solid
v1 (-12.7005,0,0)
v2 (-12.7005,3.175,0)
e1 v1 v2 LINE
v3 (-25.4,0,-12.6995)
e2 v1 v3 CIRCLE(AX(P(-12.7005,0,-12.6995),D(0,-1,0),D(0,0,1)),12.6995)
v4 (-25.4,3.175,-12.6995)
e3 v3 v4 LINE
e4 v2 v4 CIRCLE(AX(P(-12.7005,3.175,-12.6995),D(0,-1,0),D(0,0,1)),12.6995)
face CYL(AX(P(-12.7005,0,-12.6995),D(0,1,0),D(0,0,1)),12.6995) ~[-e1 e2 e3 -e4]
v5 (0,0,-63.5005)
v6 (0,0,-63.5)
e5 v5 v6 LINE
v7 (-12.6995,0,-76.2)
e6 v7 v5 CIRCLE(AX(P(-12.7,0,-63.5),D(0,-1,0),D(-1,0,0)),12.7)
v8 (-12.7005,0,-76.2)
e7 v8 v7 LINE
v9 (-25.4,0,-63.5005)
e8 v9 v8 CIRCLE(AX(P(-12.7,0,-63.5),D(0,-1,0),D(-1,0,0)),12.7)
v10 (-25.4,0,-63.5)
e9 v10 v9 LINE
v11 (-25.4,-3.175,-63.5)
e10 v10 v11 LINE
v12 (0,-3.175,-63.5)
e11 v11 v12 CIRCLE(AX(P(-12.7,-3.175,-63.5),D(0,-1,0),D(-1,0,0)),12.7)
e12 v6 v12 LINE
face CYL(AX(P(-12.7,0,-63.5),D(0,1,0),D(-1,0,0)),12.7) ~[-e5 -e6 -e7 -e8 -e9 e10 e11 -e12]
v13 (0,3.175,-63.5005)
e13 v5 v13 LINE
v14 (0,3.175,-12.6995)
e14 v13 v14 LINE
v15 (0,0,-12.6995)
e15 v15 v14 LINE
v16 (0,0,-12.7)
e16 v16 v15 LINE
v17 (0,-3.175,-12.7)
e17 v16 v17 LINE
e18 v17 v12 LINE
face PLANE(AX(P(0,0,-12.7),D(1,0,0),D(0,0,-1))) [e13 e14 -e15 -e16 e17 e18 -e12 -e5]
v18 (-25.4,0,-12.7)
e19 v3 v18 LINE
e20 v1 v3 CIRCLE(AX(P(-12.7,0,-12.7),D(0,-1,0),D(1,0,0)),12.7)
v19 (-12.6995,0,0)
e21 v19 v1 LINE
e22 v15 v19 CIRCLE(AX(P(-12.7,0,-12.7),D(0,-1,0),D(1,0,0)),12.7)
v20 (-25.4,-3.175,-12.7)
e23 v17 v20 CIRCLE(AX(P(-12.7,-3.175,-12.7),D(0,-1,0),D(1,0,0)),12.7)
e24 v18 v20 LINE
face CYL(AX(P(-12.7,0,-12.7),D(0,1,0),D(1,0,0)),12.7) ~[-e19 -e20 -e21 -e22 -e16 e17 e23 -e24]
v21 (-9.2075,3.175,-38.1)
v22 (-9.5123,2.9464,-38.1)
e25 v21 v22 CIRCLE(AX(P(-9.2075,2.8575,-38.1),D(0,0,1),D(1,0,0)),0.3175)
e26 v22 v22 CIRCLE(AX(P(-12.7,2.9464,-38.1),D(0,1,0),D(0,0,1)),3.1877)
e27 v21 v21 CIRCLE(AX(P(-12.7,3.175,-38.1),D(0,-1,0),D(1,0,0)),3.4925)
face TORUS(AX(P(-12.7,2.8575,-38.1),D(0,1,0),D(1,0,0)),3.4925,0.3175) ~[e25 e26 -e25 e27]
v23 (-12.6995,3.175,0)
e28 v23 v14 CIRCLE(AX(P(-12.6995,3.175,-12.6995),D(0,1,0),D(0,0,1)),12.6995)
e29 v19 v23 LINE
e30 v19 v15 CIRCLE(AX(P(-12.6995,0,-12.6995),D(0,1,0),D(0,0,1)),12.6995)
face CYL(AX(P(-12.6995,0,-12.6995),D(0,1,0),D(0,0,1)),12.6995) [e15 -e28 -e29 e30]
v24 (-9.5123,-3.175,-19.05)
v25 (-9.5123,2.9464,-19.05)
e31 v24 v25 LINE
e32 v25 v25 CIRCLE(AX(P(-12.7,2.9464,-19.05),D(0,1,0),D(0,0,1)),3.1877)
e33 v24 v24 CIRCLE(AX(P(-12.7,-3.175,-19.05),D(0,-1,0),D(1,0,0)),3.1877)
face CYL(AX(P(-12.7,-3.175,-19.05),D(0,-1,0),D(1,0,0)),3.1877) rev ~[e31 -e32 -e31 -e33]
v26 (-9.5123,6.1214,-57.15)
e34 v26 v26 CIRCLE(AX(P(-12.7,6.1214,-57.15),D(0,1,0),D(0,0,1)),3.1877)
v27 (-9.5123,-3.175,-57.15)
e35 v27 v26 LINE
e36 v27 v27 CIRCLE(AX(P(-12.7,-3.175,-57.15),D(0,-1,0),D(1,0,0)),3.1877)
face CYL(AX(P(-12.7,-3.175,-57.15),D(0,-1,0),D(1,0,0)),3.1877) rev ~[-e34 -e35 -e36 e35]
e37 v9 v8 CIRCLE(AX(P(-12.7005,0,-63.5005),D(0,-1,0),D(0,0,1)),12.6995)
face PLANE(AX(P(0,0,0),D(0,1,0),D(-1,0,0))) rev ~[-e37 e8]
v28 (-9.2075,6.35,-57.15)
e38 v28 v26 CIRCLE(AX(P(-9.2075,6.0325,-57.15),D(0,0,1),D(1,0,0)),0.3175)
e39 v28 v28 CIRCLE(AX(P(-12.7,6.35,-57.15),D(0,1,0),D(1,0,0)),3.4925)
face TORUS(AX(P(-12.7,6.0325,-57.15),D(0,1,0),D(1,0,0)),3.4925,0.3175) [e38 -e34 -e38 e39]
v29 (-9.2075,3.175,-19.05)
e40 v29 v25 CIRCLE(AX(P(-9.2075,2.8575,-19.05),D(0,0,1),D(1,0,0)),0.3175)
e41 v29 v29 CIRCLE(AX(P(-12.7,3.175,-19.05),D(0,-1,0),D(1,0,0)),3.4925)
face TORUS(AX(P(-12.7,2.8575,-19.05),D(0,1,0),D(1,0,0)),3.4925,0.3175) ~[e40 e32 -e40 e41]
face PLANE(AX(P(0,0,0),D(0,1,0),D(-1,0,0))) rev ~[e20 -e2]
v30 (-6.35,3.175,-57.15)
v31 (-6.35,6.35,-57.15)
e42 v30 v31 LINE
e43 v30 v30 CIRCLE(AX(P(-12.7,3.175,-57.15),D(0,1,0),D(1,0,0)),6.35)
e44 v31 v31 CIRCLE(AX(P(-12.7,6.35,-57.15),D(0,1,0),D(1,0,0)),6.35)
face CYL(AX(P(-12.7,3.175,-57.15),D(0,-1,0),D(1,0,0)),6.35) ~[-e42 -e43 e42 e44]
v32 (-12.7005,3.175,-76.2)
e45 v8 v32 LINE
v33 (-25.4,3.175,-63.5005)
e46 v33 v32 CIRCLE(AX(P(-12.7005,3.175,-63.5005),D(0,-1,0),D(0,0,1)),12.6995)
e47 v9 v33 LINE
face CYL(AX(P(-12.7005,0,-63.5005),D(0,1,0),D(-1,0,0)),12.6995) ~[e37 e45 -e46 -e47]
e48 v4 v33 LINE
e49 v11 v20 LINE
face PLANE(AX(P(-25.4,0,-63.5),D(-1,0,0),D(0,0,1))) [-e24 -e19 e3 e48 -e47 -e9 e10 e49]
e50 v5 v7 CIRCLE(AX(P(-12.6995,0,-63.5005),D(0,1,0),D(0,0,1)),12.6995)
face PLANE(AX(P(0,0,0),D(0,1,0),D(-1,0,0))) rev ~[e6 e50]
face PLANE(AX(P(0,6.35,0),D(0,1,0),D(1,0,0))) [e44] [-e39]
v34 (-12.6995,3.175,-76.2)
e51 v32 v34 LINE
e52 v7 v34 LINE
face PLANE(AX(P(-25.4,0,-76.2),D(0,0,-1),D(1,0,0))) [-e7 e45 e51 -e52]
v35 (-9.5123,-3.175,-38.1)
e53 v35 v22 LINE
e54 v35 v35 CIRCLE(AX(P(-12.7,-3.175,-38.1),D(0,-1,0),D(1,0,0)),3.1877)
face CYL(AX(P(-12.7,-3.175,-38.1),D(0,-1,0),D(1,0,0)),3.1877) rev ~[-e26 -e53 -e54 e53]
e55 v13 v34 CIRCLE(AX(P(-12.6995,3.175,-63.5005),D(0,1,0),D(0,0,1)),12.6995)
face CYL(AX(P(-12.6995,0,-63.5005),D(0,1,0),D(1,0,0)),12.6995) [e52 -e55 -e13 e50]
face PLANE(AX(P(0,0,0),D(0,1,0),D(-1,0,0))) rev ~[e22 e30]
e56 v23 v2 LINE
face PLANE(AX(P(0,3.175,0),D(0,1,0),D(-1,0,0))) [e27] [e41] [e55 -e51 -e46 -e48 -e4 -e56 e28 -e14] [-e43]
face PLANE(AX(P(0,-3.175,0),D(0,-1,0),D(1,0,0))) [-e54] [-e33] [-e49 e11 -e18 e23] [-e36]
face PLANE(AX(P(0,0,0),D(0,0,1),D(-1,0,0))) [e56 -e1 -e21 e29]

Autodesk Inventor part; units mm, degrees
ref_plane "YZ Plane" through (0, 0, 0) normal (1, 0, 0) x (0, 1, 0)
ref_plane "XZ Plane" through (0, 0, 0) normal (0, 1, 0) x (-1, 0, 0)
ref_plane "XY Plane" through (0, 0, 0) normal (0, 0, 1) x (1, 0, 0)
sketch "Sketch1" plane through (0, 0, 0) normal (0, 1, 0) x (-1, 0, 0)
  line L0 (0, 0) -> (25.4, 0)
  line L1 (25.4, 0) -> (25.4, -76.2)
  line L2 (25.4, -76.2) -> (0, -76.2)
  line L3 (0, -76.2) -> (0, 0)
  dimension "d0" = 25.4
  dimension "d1" = 76.2
extrude "Extrusion1" add sketch "Sketch1" along normal blind 3.175
sketch "Sketch2" plane through (0, 3.175, 0) normal (0, 1, 0) x (1, 0, 0)
  line L0 (-25.4, 76.2) -> (-25.4, 0) projected
  line L1 (0, 76.2) -> (-25.4, 76.2) projected
  line L2 (-25.4, 0) -> (0, 76.2)
  line L3 (0, 76.2) -> (-25.4, 76.2)
  line L4 (-25.4, 76.2) -> (0, 0)
  line L5 (0, 0) -> (-12.7, 38.1)
  line L6 (-25.4, 0) -> (0, 0) projected
  line L7 (-12.7, 0) -> (-12.7, 76.2)
  circle A0 centre (-12.7, 38.1) radius 3.175
  line L8 (-12.7, 38.1) -> (-12.7, 0)
  circle A1 centre (-12.7, 19.05) radius 3.175
  line L9 (-12.7, 38.1) -> (-12.7, 76.2)
  circle A2 centre (-12.7, 57.15) radius 3.175
  dimension "d4" = 6.35
  dimension "d5" = 6.35
  dimension "d6" = 6.35
extrude "Extrusion2" cut sketch "Sketch2" against normal blind 3.175 contours A0 L7 L4 | L4 L2 A0 | L2 L7 A0 | A2 L7 | L7 A2 | L7 A0 L2 | L2 A0 L4 | L4 A0 L7 | A1 L7 | L7 A1
fillet "Fillet1" radius 12.7 4 edges at (0, 1.5875, 0) (-25.4, 1.5875, 0) (0, 1.5875, -76.2) (-25.4, 1.5875, -76.2)
fillet "Fillet2" radius 0.3175 3 edges at (-15.875, 3.175, -57.15) (-15.875, 3.175, -38.1) (-15.875, 3.175, -19.05)
sketch "Sketch3" plane through (0, 3.175, 0) normal (0, 1, 0) x (1, 0, 0)
  circle A0 centre (-12.7, 57.15) radius 3.175 projected
  circle A1 centre (-12.7, 57.15) radius 6.35
  point P0 (0, 0)
  dimension "d11" = 12.7
extrude "Extrusion3" add sketch "Sketch3" along normal blind 3.175
sketch "Sketch4" plane through (-12.7, 6.35, -57.15) normal (0, 1, 0) x (1, 0, 0)
  circle A0 centre (0, 0) radius 6.35 projected
  circle A1 centre (0, 0) radius 3.175 projected
  point P0 (12.7, -57.15)
extrude "Extrusion4" add sketch "Sketch4" against normal through all
fillet "Fillet3" radius 0.3175 1 edges at (-15.875, 6.35, -57.15)
sketch "Sketch5" plane through (0, 0, 0) normal (0, -1, 0) x (1, 0, 0)
  circle A0 centre (-12.7, -38.1) radius 3.175 projected
  circle A1 centre (-12.7, -19.05) radius 3.175 projected
  arc A2 (-25.4, -63.5) -> (0, -63.5) centre (-12.7, -63.5) ccw projected
  line L0 (0, -12.7) -> (0, -63.5) projected
  arc A3 (0, -12.7) -> (-25.4, -12.7) centre (-12.7, -12.7) ccw projected
  line L1 (-25.4, -63.5) -> (-25.4, -12.7) projected
  circle A4 centre (-12.7, -57.15) radius 3.175 projected
  point P0 (0, 0)
extrude "Extrusion5" add sketch "Sketch5" along normal blind 3.175
sketch "Sketch6" plane through (0, -3.175, 0) normal (0, -1, 0) x (1, 0, 0)
  line L0 (-25.4, -12.7) -> (-25.4, -63.5) projected
  arc A0 (-25.4, -63.5) -> (0, -63.5) centre (-12.7, -63.5) ccw projected
  line L1 (0, -63.5) -> (0, -12.7) projected
  arc A1 (0, -12.7) -> (-25.4, -12.7) centre (-12.7, -12.7) ccw projected
  circle A2 centre (-12.7, -57.15) radius 3.175 projected
  circle A3 centre (-12.7, -19.05) radius 3.175 projected
  circle A4 centre (-12.7, -38.1) radius 3.175 projected
  circle A5 centre (-12.7, -57.15) radius 3.175
  circle A6 centre (-12.7, -57.15) radius 3.1877
  circle A7 centre (-12.7, -38.1) radius 3.175
  circle A8 centre (-12.7, -38.1) radius 3.175 projected
  circle A9 centre (-12.7, -38.1) radius 3.1877
  circle A10 centre (-12.7, -19.05) radius 3.175
  circle A11 centre (-12.7, -19.05) radius 3.175
  circle A12 centre (-12.7, -19.05) radius 3.1877
  point P0 (0, 0)
  dimension "d19" = 6.3754
  dimension "d20" = 6.3754
  dimension "d21" = 6.3754
extrude "Extrusion6" cut sketch "Sketch6" against normal blind 25.4 contours A2 | A3 | A4 | A6 | A9 | A12
properties part number "Board"
